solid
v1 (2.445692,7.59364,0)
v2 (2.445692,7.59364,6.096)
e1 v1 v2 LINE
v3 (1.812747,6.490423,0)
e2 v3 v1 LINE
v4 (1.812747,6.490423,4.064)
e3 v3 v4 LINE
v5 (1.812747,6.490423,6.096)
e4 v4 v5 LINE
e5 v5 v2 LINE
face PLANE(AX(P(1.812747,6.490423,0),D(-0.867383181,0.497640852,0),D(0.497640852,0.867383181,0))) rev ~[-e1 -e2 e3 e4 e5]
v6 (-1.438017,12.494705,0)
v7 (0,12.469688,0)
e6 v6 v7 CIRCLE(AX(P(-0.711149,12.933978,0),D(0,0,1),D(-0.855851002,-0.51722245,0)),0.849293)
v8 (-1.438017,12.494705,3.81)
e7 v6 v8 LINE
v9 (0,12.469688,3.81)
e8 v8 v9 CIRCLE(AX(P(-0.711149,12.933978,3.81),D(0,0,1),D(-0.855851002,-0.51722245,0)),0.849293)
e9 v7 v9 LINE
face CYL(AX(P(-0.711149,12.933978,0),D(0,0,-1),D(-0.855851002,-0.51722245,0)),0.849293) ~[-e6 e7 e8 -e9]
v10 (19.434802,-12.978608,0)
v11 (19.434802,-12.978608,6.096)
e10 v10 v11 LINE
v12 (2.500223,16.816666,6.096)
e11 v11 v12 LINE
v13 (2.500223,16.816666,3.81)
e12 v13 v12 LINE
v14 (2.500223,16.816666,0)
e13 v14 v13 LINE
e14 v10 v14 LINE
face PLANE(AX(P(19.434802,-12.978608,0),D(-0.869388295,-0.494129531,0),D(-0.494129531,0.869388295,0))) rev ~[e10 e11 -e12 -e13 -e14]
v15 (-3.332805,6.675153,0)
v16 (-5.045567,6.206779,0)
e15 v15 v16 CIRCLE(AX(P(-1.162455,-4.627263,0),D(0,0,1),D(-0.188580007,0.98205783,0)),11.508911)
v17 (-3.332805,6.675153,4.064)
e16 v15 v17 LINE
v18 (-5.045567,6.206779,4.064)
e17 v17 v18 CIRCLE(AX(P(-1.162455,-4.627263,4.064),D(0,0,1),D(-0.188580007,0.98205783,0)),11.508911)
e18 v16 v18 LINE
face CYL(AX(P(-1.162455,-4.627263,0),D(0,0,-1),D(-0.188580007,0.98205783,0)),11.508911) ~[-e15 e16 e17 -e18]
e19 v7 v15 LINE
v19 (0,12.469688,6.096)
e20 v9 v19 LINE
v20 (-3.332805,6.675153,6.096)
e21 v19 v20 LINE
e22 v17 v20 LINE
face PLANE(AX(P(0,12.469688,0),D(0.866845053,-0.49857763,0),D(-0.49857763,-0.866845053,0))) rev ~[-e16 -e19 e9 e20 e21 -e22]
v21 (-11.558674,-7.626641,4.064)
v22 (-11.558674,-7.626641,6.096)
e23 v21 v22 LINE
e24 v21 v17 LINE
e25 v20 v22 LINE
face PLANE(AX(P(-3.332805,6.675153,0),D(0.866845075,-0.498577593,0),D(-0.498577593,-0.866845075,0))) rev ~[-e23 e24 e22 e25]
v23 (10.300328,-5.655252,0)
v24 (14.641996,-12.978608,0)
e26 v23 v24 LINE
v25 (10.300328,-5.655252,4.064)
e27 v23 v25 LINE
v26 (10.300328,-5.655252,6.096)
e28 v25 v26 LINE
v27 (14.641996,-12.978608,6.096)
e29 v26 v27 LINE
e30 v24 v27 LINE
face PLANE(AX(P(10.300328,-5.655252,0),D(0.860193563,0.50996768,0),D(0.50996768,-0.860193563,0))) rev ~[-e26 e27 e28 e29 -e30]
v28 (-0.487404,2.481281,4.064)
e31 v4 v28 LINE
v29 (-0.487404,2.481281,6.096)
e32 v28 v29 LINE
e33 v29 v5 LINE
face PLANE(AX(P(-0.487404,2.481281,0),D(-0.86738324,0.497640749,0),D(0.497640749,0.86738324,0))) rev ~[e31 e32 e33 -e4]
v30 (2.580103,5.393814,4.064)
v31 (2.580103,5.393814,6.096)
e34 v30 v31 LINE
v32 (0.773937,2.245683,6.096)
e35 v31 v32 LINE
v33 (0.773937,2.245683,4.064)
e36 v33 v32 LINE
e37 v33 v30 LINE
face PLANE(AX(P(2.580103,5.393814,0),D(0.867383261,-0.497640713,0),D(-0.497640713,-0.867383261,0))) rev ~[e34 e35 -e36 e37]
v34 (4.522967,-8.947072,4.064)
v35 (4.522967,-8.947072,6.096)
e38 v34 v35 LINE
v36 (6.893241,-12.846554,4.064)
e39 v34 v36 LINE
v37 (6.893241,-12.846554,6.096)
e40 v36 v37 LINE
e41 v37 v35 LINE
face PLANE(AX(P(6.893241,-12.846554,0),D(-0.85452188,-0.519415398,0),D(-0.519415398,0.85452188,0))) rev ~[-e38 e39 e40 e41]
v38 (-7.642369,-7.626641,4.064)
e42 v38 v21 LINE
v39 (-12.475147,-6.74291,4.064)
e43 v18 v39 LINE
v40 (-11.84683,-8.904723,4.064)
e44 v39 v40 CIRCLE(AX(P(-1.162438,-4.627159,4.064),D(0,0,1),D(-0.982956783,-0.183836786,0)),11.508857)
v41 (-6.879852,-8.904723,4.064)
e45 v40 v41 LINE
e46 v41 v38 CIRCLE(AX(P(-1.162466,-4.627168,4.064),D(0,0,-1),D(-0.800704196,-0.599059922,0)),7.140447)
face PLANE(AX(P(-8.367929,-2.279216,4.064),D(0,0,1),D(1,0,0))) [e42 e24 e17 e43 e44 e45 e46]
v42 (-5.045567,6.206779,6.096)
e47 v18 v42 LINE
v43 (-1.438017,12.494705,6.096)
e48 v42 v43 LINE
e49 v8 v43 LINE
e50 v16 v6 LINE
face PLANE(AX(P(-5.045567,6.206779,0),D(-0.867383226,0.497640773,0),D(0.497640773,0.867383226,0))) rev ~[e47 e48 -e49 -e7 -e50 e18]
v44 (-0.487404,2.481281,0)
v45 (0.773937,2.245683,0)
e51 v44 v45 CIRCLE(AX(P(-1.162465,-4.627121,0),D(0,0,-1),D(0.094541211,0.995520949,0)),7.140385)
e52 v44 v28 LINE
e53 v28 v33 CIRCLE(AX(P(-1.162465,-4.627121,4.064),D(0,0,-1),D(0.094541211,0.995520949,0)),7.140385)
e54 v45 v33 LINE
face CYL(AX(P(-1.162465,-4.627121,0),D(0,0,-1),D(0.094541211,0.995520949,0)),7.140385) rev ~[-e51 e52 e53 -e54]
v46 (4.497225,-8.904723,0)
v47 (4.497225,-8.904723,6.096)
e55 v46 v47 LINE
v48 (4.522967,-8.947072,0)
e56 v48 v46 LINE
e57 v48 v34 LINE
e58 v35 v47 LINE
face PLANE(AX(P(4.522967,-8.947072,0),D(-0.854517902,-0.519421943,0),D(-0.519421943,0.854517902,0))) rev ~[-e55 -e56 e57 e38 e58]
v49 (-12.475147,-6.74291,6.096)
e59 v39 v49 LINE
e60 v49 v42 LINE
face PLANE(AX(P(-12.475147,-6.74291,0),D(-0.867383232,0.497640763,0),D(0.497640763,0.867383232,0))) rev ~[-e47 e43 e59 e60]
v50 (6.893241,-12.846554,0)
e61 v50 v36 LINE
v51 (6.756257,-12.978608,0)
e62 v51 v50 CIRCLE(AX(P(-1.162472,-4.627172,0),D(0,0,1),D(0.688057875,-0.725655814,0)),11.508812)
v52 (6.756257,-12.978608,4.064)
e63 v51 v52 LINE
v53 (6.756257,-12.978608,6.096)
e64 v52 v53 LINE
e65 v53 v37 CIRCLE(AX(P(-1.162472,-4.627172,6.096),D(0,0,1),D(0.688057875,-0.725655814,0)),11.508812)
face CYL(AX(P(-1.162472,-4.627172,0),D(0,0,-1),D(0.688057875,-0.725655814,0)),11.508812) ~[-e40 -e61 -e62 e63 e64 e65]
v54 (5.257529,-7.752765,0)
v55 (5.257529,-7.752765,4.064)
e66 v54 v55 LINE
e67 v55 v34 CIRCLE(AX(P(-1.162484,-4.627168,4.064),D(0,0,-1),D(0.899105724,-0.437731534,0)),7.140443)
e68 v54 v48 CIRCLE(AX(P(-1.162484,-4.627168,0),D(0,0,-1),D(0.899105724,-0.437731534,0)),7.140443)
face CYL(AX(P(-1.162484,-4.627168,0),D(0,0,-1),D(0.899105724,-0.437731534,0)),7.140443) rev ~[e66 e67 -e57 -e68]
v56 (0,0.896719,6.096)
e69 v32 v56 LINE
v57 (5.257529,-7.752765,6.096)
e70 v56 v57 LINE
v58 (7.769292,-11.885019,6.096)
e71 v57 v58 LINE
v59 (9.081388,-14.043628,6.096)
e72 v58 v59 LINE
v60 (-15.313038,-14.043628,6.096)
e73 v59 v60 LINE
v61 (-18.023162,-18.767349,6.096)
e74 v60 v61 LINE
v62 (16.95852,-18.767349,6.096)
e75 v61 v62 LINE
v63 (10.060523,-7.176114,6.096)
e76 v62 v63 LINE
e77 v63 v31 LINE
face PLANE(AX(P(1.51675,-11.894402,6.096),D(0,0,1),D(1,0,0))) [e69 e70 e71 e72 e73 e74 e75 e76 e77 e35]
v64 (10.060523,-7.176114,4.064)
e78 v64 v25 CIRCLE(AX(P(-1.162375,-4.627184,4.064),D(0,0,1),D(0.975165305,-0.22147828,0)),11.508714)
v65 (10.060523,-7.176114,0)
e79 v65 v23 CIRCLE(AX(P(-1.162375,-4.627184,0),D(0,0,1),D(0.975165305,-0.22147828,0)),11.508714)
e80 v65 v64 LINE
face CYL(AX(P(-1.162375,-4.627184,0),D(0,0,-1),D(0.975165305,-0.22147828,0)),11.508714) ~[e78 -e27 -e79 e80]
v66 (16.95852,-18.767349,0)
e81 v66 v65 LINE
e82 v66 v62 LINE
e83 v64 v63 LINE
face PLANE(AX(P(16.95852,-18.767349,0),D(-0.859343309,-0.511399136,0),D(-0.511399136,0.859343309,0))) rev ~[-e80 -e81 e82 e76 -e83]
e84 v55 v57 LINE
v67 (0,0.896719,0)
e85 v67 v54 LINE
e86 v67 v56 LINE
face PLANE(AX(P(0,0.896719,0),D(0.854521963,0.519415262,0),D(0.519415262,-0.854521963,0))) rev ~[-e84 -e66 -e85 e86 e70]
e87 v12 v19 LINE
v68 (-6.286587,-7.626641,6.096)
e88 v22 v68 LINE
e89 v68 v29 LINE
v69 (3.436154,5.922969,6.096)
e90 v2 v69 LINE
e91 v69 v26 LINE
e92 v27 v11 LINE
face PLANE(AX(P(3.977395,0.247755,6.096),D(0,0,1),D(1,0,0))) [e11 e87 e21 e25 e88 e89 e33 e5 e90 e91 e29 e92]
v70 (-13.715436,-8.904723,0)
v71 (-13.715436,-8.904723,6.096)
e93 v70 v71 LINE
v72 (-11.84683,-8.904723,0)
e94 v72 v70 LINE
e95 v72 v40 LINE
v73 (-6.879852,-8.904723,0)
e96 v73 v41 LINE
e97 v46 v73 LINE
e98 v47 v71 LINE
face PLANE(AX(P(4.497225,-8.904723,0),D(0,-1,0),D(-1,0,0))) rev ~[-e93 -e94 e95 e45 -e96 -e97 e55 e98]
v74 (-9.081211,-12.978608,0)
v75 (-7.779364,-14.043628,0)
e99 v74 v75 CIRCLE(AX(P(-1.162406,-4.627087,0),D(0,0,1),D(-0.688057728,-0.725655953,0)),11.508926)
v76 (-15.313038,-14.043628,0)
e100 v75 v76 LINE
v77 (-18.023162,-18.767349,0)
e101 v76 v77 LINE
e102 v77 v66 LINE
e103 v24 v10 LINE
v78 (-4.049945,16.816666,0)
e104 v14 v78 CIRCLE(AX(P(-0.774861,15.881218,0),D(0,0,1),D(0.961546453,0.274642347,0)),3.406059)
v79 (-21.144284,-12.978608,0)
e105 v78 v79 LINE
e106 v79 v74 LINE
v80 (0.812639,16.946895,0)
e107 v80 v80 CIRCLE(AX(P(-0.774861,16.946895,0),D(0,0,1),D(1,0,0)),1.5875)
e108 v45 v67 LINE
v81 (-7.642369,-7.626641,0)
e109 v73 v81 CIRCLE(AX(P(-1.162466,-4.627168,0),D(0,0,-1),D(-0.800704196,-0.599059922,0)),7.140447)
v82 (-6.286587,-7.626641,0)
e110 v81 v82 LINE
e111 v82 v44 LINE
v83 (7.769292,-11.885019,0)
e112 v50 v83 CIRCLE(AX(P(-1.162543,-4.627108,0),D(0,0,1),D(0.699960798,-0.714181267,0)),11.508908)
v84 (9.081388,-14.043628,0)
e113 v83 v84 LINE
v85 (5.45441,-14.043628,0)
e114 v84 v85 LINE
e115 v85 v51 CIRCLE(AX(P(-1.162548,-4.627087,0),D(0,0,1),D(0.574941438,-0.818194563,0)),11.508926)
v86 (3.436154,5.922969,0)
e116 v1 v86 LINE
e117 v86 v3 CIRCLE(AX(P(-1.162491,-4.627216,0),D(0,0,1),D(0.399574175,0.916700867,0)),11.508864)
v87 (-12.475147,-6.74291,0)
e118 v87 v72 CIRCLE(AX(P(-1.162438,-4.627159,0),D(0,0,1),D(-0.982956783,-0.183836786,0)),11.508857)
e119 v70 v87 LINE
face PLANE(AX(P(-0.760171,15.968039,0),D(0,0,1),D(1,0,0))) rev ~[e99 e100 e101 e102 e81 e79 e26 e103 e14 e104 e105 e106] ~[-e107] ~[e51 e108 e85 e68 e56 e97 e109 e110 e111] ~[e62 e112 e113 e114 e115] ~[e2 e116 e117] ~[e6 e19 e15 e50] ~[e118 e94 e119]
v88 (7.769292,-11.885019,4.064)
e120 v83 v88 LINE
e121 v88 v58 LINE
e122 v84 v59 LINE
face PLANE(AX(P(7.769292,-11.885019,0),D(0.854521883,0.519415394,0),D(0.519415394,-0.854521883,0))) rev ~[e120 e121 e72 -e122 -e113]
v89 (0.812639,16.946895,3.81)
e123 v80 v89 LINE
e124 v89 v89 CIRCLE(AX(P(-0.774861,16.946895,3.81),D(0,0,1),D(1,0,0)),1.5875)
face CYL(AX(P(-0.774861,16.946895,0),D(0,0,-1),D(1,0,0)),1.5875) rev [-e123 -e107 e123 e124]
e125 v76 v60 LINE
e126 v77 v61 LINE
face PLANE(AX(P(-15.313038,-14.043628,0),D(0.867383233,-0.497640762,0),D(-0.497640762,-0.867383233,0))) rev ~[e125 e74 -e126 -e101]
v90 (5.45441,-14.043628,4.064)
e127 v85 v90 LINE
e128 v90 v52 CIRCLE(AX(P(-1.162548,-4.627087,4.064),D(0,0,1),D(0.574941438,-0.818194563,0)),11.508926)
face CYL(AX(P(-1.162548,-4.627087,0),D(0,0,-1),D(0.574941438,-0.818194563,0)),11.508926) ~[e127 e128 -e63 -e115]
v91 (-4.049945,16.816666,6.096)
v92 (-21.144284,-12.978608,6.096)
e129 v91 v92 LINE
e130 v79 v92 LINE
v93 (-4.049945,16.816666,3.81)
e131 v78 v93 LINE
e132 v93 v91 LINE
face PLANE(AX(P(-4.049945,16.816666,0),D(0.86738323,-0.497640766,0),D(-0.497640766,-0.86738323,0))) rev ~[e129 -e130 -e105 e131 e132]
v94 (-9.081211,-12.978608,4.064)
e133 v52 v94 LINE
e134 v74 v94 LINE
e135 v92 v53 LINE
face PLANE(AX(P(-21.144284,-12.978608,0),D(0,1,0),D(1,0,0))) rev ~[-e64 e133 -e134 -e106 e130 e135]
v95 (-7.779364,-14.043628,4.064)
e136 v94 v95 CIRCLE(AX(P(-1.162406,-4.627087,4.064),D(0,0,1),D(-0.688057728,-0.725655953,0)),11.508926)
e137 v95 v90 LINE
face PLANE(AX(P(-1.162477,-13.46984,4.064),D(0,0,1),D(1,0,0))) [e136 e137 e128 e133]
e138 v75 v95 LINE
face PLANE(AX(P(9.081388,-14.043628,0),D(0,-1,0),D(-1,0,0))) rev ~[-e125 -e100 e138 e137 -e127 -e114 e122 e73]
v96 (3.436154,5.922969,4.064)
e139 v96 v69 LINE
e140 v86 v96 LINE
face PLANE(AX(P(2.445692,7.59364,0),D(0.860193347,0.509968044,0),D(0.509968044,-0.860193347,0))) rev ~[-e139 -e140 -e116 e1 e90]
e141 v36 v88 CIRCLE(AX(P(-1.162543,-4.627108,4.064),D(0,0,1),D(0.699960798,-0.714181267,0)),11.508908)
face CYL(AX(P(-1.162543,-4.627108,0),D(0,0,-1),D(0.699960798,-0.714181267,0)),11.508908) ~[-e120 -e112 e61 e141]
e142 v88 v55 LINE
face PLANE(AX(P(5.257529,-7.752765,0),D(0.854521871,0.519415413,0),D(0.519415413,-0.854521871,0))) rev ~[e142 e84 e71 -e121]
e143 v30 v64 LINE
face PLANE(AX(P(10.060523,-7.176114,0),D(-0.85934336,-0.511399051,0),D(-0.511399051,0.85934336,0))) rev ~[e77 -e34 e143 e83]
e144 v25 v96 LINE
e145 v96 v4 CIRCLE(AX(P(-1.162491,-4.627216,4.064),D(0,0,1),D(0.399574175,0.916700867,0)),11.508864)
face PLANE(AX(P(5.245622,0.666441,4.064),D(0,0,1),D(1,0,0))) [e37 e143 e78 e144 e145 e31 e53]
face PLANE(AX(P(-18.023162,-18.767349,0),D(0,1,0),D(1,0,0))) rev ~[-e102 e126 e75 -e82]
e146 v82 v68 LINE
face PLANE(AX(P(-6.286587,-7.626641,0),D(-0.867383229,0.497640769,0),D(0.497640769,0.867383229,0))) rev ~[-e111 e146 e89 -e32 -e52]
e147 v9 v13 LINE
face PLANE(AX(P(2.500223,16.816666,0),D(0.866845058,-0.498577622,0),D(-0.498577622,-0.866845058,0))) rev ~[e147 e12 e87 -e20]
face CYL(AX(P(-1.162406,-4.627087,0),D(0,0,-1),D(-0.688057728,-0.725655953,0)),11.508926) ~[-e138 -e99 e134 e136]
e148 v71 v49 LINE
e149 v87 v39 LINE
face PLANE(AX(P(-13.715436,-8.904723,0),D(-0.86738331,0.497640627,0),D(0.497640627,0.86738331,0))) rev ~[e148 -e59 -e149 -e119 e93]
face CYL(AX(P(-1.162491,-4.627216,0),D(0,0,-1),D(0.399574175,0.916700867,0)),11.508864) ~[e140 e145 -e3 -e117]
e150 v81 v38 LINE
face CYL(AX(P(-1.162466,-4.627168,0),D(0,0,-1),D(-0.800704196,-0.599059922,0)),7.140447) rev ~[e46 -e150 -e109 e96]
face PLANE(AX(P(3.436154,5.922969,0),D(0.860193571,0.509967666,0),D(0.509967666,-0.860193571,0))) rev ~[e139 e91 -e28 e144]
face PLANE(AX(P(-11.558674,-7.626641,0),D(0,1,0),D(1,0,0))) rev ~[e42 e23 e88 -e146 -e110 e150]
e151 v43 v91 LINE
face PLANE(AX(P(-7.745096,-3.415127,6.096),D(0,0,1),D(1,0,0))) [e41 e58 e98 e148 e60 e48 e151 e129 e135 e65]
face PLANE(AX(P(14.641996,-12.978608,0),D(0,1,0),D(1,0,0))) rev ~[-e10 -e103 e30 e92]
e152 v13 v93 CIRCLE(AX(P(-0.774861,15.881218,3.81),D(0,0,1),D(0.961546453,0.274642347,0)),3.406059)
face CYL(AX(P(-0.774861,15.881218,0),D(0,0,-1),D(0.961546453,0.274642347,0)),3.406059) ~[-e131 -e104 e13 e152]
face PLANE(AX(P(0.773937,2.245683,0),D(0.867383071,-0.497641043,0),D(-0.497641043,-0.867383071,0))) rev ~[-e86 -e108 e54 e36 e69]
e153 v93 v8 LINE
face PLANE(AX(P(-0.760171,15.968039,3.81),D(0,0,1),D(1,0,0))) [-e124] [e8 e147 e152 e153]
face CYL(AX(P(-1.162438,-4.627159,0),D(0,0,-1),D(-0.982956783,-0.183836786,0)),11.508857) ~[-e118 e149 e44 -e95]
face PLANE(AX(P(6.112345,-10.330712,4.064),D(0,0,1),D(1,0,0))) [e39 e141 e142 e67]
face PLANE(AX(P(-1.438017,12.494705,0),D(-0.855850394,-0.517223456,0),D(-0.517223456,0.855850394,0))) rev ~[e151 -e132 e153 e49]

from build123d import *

# Parameters (mm, degrees)
F1_DEPTH = 4.064
F2_DEPTH = 6.096
F0_R     = 1.5875
F3_DEPTH = 3.81


with BuildPart() as f1:
    # F0 (on Top) → F1 (new body)
    with BuildSketch(Plane.XY):
        with BuildLine():
            ThreePointArc((-3.332805, 6.675153), (-4.198232, 6.474047), (-5.045567, 6.206779))
            Line((-5.045567, 6.206779), (-12.475147, -6.74291))
            ThreePointArc((-12.475147, -6.74291), (-12.213975, -7.839217), (-11.84683, -8.904723))
            Line((-11.84683, -8.904723), (-6.879852, -8.904723))
            ThreePointArc((-6.879852, -8.904723), (-7.2945, -8.285602), (-7.642369, -7.626641))
            Line((-7.642369, -7.626641), (-11.558674, -7.626641))
            Line((-11.558674, -7.626641), (-3.332805, 6.675153))
        make_face()
        with BuildLine():
            ThreePointArc((10.060523, -7.176114), (10.205887, -6.419697), (10.300328, -5.655252))
            Line((10.300328, -5.655252), (3.436154, 5.922969))
            ThreePointArc((3.436154, 5.922969), (2.635064, 6.237061), (1.812747, 6.490423))
            Line((1.812747, 6.490423), (-0.487404, 2.481281))
            ThreePointArc((-0.487404, 2.481281), (0.148569, 2.391873), (0.773937, 2.245683))
            Line((0.773937, 2.245683), (2.580103, 5.393814))
            Line((2.580103, 5.393814), (10.060523, -7.176114))
        make_face()
        with BuildLine():
            Line((4.522967, -8.947072), (6.893241, -12.846554))
            ThreePointArc((6.893241, -12.846554), (7.344862, -12.378173), (7.769292, -11.885019))
            Line((7.769292, -11.885019), (5.257529, -7.752765))
            ThreePointArc((5.257529, -7.752765), (4.919634, -8.367992), (4.522967, -8.947072))
        make_face()
        with BuildLine():
            Line((6.756257, -12.978608), (-9.081211, -12.978608))
            ThreePointArc((-9.081211, -12.978608), (-8.44977, -13.534932), (-7.779364, -14.043628))
            Line((-7.779364, -14.043628), (5.45441, -14.043628))
            ThreePointArc((5.45441, -14.043628), (6.124816, -13.534932), (6.756257, -12.978608))
        make_face()
    extrude(amount=F1_DEPTH)

    # F0 (on Top) → F2 (join)
    with BuildSketch(Plane.XY):
        with BuildLine():
            Line((-1.438017, 12.494705), (-4.049945, 16.816666))
            Line((-4.049945, 16.816666), (-21.144284, -12.978608))
            Line((-21.144284, -12.978608), (-9.081211, -12.978608))
            Line((-9.081211, -12.978608), (6.756257, -12.978608))
            ThreePointArc((6.756257, -12.978608), (6.825022, -12.912864), (6.893241, -12.846554))
            Line((6.893241, -12.846554), (4.522967, -8.947072))
            Line((4.522967, -8.947072), (4.497225, -8.904723))
            Line((4.497225, -8.904723), (-6.879852, -8.904723))
            Line((-6.879852, -8.904723), (-11.84683, -8.904723))
            Line((-11.84683, -8.904723), (-13.715436, -8.904723))
            Line((-13.715436, -8.904723), (-12.475147, -6.74291))
            Line((-12.475147, -6.74291), (-5.045567, 6.206779))
            Line((-5.045567, 6.206779), (-1.438017, 12.494705))
        make_face()
        Polygon((19.434802, -12.978608), (2.500223, 16.816666), (0, 12.469688), (-3.332805, 6.675153), (-11.558674, -7.626641), (-7.642369, -7.626641), (-6.286587, -7.626641), (-0.487404, 2.481281), (1.812747, 6.490423), (2.445692, 7.59364), (3.436154, 5.922969), (10.300328, -5.655252), (14.641996, -12.978608), align=None)
        Polygon((5.45441, -14.043628), (-7.779364, -14.043628), (-15.313038, -14.043628), (-18.023162, -18.767349), (16.95852, -18.767349), (10.060523, -7.176114), (2.580103, 5.393814), (0.773937, 2.245683), (0, 0.896719), (5.257529, -7.752765), (7.769292, -11.885019), (9.081388, -14.043628), align=None)
    extrude(amount=F2_DEPTH)

    # F0 (on Top) → F3 (join)
    with BuildSketch(Plane.XY):
        with BuildLine():
            ThreePointArc((2.500223, 16.816666), (-0.774861, 19.287277), (-4.049945, 16.816666))
            Line((-4.049945, 16.816666), (-1.438017, 12.494705))
            ThreePointArc((-1.438017, 12.494705), (-0.725922, 12.084814), (0, 12.469688))
            Line((0, 12.469688), (2.500223, 16.816666))
        make_face()
        with Locations((-0.774861, 16.946895)):
            Circle(F0_R, mode=Mode.SUBTRACT)
    extrude(amount=F3_DEPTH)


solid = f1.part
